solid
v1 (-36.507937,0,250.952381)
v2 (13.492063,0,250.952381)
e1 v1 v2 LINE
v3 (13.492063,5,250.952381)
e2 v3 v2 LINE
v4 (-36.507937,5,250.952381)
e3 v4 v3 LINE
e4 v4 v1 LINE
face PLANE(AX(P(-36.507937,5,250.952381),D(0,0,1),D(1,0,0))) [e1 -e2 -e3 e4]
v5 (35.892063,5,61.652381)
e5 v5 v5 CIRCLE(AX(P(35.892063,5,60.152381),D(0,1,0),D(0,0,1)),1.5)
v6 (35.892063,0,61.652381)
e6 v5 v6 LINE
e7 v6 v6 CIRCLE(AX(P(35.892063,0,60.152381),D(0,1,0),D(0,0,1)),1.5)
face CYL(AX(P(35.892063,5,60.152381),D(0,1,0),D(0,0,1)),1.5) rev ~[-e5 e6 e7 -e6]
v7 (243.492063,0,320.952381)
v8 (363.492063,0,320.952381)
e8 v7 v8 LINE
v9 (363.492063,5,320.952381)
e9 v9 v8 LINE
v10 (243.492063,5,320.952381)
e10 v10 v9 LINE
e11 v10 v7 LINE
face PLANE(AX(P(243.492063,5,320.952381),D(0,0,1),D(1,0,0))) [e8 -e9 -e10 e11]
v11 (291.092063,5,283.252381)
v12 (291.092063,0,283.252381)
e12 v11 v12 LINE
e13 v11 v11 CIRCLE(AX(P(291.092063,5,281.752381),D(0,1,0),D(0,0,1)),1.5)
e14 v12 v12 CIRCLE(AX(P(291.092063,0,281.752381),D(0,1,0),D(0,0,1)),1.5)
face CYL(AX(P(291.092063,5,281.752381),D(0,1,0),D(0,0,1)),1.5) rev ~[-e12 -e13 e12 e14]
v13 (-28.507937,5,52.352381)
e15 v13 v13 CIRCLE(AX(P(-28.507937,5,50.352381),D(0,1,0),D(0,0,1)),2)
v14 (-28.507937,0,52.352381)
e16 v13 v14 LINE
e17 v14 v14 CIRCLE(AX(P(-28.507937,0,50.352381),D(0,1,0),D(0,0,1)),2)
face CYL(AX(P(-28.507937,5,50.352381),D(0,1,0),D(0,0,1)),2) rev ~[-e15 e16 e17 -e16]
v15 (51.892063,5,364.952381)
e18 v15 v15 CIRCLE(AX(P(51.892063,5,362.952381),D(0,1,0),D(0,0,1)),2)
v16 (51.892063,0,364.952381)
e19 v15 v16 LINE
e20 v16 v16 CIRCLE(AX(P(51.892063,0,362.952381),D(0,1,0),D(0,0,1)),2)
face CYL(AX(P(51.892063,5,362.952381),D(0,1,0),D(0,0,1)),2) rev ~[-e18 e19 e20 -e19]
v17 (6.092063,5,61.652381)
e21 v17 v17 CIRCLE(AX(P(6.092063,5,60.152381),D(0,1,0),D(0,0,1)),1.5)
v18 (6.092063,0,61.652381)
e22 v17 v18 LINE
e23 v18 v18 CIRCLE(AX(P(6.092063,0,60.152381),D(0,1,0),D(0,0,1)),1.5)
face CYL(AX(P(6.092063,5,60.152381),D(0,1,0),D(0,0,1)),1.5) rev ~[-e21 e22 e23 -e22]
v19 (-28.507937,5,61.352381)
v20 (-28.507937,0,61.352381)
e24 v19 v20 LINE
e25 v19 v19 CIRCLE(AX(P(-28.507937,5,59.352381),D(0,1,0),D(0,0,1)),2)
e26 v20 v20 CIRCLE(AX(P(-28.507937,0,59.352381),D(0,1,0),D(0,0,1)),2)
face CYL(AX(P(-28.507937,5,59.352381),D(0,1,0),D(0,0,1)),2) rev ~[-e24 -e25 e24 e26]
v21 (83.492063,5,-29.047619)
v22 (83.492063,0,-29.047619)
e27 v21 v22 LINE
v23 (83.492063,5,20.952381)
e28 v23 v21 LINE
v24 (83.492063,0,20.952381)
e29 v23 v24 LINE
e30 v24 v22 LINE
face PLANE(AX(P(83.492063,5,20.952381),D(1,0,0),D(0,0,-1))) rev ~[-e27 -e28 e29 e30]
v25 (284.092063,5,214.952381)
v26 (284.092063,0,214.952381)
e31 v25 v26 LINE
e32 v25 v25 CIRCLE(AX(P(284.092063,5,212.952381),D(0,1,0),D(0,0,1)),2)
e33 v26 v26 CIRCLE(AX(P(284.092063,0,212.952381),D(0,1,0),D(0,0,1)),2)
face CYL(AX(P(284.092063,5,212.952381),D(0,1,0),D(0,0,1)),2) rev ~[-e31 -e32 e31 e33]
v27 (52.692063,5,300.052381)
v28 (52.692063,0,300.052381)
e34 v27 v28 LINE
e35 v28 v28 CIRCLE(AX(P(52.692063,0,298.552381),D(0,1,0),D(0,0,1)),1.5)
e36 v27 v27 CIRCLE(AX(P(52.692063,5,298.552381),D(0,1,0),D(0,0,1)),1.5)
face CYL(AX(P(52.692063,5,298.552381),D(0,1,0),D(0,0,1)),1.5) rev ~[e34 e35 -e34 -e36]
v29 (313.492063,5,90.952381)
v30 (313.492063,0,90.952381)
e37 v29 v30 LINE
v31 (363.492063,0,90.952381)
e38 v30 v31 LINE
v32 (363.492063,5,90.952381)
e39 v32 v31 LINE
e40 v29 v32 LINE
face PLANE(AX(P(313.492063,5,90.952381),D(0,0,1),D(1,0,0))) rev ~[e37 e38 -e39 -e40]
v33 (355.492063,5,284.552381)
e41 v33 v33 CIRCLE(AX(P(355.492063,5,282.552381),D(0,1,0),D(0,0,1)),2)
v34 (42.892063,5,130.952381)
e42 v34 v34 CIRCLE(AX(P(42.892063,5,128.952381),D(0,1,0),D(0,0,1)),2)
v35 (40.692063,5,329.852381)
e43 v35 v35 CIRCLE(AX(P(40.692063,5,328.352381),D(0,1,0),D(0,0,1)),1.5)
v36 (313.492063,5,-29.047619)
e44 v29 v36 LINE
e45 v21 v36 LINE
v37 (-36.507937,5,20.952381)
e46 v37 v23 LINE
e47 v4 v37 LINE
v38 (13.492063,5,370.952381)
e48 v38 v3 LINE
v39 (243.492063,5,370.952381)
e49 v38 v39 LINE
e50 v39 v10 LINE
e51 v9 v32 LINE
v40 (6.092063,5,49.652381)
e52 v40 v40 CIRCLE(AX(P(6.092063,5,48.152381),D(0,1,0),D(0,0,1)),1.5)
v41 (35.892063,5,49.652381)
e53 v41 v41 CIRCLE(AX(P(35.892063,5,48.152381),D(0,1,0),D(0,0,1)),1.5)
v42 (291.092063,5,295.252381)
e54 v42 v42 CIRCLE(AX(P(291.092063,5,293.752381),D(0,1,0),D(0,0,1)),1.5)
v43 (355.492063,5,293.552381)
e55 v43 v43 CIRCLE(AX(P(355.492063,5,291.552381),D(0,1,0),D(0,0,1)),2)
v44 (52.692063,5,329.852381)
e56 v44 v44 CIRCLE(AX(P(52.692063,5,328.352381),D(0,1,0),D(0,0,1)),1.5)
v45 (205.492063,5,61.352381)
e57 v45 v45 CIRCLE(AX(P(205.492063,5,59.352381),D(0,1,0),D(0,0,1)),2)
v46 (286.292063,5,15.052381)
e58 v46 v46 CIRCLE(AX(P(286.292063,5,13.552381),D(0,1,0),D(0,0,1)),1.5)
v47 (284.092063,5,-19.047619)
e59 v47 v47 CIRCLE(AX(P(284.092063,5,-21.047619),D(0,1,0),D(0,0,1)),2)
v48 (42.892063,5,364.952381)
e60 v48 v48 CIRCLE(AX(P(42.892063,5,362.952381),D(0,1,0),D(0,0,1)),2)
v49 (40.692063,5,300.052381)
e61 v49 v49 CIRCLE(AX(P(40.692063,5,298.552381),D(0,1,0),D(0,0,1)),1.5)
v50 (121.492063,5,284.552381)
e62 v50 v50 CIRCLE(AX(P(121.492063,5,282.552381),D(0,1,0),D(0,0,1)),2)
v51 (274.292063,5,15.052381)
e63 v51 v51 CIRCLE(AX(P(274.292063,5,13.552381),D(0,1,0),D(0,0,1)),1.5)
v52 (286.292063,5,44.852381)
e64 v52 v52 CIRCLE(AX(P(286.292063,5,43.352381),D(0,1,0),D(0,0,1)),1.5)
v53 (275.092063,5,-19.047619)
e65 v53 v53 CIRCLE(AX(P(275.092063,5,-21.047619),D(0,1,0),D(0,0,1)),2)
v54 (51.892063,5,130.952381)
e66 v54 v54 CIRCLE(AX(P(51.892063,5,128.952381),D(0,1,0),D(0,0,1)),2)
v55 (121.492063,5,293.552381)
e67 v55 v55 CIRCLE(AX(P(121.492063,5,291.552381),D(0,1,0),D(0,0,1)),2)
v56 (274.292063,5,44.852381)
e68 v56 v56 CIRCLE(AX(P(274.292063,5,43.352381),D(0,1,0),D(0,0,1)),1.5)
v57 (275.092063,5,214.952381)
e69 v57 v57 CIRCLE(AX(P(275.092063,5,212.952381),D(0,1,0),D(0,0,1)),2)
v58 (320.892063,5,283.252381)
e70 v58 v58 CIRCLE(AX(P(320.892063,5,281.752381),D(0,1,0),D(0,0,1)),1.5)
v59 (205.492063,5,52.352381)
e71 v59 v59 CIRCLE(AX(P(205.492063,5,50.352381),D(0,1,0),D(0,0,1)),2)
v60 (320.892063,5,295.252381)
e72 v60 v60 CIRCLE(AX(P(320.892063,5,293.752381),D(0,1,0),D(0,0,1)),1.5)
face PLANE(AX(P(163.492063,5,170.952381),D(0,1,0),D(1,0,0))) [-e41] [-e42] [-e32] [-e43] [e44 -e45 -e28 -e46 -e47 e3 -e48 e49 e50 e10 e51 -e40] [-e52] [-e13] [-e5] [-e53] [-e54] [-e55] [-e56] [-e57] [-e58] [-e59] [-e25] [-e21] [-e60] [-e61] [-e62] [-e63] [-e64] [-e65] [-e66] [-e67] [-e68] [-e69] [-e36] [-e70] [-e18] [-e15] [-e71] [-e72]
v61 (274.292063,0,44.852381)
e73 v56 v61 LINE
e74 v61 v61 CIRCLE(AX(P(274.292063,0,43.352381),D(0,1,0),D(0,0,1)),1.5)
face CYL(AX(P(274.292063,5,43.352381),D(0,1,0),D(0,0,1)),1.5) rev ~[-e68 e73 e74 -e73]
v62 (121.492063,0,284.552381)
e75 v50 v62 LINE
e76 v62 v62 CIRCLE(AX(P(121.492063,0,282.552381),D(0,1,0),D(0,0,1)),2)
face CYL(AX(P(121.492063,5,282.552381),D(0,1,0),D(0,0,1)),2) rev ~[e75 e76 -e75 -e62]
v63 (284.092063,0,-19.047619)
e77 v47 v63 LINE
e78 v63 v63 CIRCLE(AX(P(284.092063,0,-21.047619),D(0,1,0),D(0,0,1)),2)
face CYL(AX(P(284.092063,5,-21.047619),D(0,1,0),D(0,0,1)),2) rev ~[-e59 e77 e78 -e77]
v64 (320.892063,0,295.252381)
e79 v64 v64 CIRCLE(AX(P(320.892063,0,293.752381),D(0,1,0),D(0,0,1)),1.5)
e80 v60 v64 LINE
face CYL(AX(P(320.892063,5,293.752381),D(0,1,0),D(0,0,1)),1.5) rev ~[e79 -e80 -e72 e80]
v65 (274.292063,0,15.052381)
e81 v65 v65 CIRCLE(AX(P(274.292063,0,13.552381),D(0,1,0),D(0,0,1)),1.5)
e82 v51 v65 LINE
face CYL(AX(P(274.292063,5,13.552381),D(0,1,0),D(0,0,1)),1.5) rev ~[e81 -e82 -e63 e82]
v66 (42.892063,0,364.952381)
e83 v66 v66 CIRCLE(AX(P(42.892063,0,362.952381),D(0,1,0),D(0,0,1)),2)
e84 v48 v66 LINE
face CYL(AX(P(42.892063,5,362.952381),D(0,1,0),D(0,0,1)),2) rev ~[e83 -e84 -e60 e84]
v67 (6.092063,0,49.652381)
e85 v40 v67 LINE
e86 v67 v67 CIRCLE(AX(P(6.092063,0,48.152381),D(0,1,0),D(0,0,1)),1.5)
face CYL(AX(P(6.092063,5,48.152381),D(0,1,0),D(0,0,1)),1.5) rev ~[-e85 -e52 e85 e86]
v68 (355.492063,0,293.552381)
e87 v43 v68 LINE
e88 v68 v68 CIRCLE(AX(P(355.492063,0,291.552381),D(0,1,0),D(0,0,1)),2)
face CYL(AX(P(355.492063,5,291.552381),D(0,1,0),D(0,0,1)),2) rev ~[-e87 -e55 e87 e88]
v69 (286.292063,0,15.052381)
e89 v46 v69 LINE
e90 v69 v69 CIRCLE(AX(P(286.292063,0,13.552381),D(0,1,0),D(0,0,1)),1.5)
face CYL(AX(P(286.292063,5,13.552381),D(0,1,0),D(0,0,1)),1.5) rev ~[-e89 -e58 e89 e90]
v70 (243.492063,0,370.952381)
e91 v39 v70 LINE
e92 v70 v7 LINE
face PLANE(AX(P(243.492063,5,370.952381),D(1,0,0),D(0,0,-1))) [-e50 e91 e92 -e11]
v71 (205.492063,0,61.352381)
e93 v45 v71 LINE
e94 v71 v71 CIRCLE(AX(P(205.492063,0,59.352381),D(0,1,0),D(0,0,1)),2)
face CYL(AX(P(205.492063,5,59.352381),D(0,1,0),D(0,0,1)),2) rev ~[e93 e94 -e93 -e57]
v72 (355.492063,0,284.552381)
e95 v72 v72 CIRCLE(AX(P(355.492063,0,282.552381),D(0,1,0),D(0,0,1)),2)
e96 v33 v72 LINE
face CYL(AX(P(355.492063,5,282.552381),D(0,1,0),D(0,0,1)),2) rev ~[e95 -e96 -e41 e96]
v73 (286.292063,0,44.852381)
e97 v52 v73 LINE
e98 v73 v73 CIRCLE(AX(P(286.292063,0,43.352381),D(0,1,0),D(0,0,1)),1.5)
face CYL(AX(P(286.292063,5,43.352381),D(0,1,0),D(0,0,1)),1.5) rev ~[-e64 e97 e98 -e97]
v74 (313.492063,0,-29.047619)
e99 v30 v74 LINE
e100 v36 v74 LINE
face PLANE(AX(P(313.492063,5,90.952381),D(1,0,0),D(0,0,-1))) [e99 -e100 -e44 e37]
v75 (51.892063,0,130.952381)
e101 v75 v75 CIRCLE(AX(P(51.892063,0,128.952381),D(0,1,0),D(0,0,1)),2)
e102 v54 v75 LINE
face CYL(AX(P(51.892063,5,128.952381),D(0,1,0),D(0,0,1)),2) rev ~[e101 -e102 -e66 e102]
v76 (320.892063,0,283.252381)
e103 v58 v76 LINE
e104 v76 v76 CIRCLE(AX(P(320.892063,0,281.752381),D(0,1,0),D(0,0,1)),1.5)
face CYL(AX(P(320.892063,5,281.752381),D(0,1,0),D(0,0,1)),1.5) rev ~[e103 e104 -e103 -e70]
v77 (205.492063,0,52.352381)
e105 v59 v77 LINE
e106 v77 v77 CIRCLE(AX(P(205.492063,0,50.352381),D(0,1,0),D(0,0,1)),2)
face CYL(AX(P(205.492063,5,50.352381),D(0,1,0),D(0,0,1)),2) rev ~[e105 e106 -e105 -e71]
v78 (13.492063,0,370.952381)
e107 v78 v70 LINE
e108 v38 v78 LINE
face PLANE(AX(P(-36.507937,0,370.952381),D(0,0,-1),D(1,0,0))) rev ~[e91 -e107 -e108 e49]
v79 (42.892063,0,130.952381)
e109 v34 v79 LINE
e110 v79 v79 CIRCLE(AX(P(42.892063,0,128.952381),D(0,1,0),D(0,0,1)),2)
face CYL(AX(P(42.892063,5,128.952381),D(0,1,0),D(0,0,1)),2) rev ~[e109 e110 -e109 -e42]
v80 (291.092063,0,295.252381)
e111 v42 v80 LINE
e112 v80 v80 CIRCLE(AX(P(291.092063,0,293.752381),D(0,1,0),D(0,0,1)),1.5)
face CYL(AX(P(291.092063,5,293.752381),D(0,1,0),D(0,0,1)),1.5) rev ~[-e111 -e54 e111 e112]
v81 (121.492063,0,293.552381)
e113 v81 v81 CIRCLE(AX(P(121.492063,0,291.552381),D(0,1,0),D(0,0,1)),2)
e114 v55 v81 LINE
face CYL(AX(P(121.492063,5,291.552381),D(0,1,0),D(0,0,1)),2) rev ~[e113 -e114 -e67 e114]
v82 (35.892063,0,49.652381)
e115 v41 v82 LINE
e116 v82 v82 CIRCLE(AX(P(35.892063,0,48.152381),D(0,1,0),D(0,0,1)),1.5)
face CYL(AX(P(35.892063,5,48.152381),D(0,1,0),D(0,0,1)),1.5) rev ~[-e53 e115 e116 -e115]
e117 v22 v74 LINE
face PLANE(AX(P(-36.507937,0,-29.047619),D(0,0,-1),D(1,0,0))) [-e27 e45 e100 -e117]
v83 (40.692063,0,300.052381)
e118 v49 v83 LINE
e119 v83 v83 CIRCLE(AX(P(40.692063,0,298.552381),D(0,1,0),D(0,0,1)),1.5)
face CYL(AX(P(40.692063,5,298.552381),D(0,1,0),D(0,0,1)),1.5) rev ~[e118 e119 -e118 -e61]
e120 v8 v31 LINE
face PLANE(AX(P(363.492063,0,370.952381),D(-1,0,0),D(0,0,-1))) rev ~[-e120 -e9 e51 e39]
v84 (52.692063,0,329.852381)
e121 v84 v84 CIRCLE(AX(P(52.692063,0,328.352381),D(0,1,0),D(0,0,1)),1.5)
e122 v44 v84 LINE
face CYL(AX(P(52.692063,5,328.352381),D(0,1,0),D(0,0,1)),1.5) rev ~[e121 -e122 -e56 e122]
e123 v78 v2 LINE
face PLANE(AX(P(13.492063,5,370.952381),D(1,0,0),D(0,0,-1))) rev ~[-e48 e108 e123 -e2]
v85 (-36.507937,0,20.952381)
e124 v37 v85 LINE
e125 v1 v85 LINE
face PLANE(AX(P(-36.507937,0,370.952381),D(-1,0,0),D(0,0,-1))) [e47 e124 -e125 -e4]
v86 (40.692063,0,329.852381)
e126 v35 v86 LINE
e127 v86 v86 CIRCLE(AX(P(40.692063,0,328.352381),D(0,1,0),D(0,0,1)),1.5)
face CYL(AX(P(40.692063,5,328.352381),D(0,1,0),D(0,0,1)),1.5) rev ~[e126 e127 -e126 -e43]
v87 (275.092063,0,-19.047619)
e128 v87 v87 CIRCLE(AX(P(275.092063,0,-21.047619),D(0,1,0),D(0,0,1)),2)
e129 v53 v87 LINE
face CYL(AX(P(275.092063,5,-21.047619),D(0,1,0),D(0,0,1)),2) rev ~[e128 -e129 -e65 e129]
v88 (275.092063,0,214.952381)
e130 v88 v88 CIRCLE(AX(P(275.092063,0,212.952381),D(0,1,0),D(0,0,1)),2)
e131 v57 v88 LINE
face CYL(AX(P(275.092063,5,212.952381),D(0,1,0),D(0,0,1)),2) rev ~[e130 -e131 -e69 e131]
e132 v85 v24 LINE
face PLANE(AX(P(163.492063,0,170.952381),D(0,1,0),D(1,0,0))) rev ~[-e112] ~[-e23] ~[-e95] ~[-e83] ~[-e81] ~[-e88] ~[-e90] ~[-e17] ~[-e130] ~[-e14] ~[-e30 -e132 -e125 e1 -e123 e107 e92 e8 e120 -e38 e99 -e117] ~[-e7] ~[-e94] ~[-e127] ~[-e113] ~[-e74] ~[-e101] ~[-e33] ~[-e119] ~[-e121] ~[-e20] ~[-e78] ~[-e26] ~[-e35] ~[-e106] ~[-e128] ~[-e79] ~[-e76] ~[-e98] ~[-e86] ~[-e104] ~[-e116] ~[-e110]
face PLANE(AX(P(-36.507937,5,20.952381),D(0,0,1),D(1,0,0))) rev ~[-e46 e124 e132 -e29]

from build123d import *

# Parameters (mm, degrees)
SKETCH1_W           = 400
SKETCH1_H           = 400
BOSS_EXTRUDE1_DEPTH = 5
SKETCH2_W           = 120
SKETCH2_H           = 50
SKETCH2_W_2         = 50
SKETCH2_H_2         = 120
CUT_EXTRUDE1_DEPTH  = 5
SKETCH4_R           = 2
SKETCH4_R_2         = 1.5
CUT_EXTRUDE2_DEPTH  = 5


with BuildPart() as part:
    # Sketch1 → Boss-Extrude1 (new body)
    with BuildSketch(Plane(origin=(0, 0, 0), x_dir=(1, 0, 0), z_dir=(0, 1, 0))):
        with Locations((163.492063492, -170.952380952)):
            Rectangle(SKETCH1_W, SKETCH1_H)
    extrude(amount=BOSS_EXTRUDE1_DEPTH)

    # Sketch2 → Cut-Extrude1 (cut)
    with BuildSketch(Plane(origin=(0, 5, 0), x_dir=(1, 0, 0), z_dir=(0, 1, 0))):
        with Locations((23.492063492, 4.047619048)):
            Rectangle(SKETCH2_W, SKETCH2_H)
        with Locations((338.492063492, -30.952380952)):
            Rectangle(SKETCH2_W_2, SKETCH2_H_2)
        with Locations((303.492063492, -345.952380952)):
            Rectangle(SKETCH2_W, SKETCH2_H)
        with Locations((-11.507936508, -310.952380952)):
            Rectangle(SKETCH2_W_2, SKETCH2_H_2)
    extrude(amount=-CUT_EXTRUDE1_DEPTH, mode=Mode.SUBTRACT)

    # Sketch4 → Cut-Extrude2 (cut)
    with BuildSketch(Plane(origin=(0, 5, 0), x_dir=(1, 0, 0), z_dir=(0, 1, 0))):
        with Locations(Location((284.092063492, -212.952380952, 0), (0, 0, 270))):
            Circle(SKETCH4_R)
        with Locations(Location((275.092063492, -212.952380952, 0), (0, 0, 270))):
            Circle(SKETCH4_R)
        with Locations(Location((284.092063492, 21.047619048, 0), (0, 0, 270))):
            Circle(SKETCH4_R)
        with Locations(Location((275.092063492, 21.047619048, 0), (0, 0, 270))):
            Circle(SKETCH4_R)
        with Locations(Location((286.292063492, -13.552380952, 0), (0, 0, 270))):
            Circle(SKETCH4_R_2)
        with Locations(Location((274.292063492, -13.552380952, 0), (0, 0, 270))):
            Circle(SKETCH4_R_2)
        with Locations(Location((286.292063492, -43.352380952, 0), (0, 0, 270))):
            Circle(SKETCH4_R_2)
        with Locations(Location((274.292063492, -43.352380952, 0), (0, 0, 270))):
            Circle(SKETCH4_R_2)
        with Locations(Location((355.492063492, -291.552380952, 0), (0, 0, 270))):
            Circle(SKETCH4_R)
        with Locations(Location((355.492063492, -282.552380952, 0), (0, 0, 270))):
            Circle(SKETCH4_R)
        with Locations(Location((320.892063492, -293.752380952, 0), (0, 0, 270))):
            Circle(SKETCH4_R_2)
        with Locations(Location((320.892063492, -281.752380952, 0), (0, 0, 270))):
            Circle(SKETCH4_R_2)
        with Locations(Location((291.092063492, -293.752380952, 0), (0, 0, 270))):
            Circle(SKETCH4_R_2)
        with Locations(Location((291.092063492, -281.752380952, 0), (0, 0, 270))):
            Circle(SKETCH4_R_2)
        with Locations(Location((121.492063492, -291.552380952, 0), (0, 0, 270))):
            Circle(SKETCH4_R)
        with Locations(Location((121.492063492, -282.552380952, 0), (0, 0, 270))):
            Circle(SKETCH4_R)
        with Locations(Location((51.892063492, -362.952380952, 0), (0, 0, 270))):
            Circle(SKETCH4_R)
        with Locations(Location((42.892063492, -362.952380952, 0), (0, 0, 270))):
            Circle(SKETCH4_R)
        with Locations(Location((52.692063492, -328.352380952, 0), (0, 0, 270))):
            Circle(SKETCH4_R_2)
        with Locations(Location((40.692063492, -328.352380952, 0), (0, 0, 270))):
            Circle(SKETCH4_R_2)
        with Locations(Location((52.692063492, -298.552380952, 0), (0, 0, 270))):
            Circle(SKETCH4_R_2)
        with Locations(Location((40.692063492, -298.552380952, 0), (0, 0, 270))):
            Circle(SKETCH4_R_2)
        with Locations(Location((51.892063492, -128.952380952, 0), (0, 0, 270))):
            Circle(SKETCH4_R)
        with Locations(Location((42.892063492, -128.952380952, 0), (0, 0, 270))):
            Circle(SKETCH4_R)
        with Locations(Location((-28.507936508, -59.352380952, 0), (0, 0, 270))):
            Circle(SKETCH4_R)
        with Locations(Location((-28.507936508, -50.352380952, 0), (0, 0, 270))):
            Circle(SKETCH4_R)
        with Locations(Location((35.892063492, -60.152380952, 0), (0, 0, 270))):
            Circle(SKETCH4_R_2)
        with Locations(Location((35.892063492, -48.152380952, 0), (0, 0, 270))):
            Circle(SKETCH4_R_2)
        with Locations(Location((6.092063492, -60.152380952, 0), (0, 0, 270))):
            Circle(SKETCH4_R_2)
        with Locations(Location((6.092063492, -48.152380952, 0), (0, 0, 270))):
            Circle(SKETCH4_R_2)
        with Locations(Location((205.492063492, -59.352380952, 0), (0, 0, 270))):
            Circle(SKETCH4_R)
        with Locations(Location((205.492063492, -50.352380952, 0), (0, 0, 270))):
            Circle(SKETCH4_R)
    extrude(amount=-CUT_EXTRUDE2_DEPTH, mode=Mode.SUBTRACT)


solid = part.part
